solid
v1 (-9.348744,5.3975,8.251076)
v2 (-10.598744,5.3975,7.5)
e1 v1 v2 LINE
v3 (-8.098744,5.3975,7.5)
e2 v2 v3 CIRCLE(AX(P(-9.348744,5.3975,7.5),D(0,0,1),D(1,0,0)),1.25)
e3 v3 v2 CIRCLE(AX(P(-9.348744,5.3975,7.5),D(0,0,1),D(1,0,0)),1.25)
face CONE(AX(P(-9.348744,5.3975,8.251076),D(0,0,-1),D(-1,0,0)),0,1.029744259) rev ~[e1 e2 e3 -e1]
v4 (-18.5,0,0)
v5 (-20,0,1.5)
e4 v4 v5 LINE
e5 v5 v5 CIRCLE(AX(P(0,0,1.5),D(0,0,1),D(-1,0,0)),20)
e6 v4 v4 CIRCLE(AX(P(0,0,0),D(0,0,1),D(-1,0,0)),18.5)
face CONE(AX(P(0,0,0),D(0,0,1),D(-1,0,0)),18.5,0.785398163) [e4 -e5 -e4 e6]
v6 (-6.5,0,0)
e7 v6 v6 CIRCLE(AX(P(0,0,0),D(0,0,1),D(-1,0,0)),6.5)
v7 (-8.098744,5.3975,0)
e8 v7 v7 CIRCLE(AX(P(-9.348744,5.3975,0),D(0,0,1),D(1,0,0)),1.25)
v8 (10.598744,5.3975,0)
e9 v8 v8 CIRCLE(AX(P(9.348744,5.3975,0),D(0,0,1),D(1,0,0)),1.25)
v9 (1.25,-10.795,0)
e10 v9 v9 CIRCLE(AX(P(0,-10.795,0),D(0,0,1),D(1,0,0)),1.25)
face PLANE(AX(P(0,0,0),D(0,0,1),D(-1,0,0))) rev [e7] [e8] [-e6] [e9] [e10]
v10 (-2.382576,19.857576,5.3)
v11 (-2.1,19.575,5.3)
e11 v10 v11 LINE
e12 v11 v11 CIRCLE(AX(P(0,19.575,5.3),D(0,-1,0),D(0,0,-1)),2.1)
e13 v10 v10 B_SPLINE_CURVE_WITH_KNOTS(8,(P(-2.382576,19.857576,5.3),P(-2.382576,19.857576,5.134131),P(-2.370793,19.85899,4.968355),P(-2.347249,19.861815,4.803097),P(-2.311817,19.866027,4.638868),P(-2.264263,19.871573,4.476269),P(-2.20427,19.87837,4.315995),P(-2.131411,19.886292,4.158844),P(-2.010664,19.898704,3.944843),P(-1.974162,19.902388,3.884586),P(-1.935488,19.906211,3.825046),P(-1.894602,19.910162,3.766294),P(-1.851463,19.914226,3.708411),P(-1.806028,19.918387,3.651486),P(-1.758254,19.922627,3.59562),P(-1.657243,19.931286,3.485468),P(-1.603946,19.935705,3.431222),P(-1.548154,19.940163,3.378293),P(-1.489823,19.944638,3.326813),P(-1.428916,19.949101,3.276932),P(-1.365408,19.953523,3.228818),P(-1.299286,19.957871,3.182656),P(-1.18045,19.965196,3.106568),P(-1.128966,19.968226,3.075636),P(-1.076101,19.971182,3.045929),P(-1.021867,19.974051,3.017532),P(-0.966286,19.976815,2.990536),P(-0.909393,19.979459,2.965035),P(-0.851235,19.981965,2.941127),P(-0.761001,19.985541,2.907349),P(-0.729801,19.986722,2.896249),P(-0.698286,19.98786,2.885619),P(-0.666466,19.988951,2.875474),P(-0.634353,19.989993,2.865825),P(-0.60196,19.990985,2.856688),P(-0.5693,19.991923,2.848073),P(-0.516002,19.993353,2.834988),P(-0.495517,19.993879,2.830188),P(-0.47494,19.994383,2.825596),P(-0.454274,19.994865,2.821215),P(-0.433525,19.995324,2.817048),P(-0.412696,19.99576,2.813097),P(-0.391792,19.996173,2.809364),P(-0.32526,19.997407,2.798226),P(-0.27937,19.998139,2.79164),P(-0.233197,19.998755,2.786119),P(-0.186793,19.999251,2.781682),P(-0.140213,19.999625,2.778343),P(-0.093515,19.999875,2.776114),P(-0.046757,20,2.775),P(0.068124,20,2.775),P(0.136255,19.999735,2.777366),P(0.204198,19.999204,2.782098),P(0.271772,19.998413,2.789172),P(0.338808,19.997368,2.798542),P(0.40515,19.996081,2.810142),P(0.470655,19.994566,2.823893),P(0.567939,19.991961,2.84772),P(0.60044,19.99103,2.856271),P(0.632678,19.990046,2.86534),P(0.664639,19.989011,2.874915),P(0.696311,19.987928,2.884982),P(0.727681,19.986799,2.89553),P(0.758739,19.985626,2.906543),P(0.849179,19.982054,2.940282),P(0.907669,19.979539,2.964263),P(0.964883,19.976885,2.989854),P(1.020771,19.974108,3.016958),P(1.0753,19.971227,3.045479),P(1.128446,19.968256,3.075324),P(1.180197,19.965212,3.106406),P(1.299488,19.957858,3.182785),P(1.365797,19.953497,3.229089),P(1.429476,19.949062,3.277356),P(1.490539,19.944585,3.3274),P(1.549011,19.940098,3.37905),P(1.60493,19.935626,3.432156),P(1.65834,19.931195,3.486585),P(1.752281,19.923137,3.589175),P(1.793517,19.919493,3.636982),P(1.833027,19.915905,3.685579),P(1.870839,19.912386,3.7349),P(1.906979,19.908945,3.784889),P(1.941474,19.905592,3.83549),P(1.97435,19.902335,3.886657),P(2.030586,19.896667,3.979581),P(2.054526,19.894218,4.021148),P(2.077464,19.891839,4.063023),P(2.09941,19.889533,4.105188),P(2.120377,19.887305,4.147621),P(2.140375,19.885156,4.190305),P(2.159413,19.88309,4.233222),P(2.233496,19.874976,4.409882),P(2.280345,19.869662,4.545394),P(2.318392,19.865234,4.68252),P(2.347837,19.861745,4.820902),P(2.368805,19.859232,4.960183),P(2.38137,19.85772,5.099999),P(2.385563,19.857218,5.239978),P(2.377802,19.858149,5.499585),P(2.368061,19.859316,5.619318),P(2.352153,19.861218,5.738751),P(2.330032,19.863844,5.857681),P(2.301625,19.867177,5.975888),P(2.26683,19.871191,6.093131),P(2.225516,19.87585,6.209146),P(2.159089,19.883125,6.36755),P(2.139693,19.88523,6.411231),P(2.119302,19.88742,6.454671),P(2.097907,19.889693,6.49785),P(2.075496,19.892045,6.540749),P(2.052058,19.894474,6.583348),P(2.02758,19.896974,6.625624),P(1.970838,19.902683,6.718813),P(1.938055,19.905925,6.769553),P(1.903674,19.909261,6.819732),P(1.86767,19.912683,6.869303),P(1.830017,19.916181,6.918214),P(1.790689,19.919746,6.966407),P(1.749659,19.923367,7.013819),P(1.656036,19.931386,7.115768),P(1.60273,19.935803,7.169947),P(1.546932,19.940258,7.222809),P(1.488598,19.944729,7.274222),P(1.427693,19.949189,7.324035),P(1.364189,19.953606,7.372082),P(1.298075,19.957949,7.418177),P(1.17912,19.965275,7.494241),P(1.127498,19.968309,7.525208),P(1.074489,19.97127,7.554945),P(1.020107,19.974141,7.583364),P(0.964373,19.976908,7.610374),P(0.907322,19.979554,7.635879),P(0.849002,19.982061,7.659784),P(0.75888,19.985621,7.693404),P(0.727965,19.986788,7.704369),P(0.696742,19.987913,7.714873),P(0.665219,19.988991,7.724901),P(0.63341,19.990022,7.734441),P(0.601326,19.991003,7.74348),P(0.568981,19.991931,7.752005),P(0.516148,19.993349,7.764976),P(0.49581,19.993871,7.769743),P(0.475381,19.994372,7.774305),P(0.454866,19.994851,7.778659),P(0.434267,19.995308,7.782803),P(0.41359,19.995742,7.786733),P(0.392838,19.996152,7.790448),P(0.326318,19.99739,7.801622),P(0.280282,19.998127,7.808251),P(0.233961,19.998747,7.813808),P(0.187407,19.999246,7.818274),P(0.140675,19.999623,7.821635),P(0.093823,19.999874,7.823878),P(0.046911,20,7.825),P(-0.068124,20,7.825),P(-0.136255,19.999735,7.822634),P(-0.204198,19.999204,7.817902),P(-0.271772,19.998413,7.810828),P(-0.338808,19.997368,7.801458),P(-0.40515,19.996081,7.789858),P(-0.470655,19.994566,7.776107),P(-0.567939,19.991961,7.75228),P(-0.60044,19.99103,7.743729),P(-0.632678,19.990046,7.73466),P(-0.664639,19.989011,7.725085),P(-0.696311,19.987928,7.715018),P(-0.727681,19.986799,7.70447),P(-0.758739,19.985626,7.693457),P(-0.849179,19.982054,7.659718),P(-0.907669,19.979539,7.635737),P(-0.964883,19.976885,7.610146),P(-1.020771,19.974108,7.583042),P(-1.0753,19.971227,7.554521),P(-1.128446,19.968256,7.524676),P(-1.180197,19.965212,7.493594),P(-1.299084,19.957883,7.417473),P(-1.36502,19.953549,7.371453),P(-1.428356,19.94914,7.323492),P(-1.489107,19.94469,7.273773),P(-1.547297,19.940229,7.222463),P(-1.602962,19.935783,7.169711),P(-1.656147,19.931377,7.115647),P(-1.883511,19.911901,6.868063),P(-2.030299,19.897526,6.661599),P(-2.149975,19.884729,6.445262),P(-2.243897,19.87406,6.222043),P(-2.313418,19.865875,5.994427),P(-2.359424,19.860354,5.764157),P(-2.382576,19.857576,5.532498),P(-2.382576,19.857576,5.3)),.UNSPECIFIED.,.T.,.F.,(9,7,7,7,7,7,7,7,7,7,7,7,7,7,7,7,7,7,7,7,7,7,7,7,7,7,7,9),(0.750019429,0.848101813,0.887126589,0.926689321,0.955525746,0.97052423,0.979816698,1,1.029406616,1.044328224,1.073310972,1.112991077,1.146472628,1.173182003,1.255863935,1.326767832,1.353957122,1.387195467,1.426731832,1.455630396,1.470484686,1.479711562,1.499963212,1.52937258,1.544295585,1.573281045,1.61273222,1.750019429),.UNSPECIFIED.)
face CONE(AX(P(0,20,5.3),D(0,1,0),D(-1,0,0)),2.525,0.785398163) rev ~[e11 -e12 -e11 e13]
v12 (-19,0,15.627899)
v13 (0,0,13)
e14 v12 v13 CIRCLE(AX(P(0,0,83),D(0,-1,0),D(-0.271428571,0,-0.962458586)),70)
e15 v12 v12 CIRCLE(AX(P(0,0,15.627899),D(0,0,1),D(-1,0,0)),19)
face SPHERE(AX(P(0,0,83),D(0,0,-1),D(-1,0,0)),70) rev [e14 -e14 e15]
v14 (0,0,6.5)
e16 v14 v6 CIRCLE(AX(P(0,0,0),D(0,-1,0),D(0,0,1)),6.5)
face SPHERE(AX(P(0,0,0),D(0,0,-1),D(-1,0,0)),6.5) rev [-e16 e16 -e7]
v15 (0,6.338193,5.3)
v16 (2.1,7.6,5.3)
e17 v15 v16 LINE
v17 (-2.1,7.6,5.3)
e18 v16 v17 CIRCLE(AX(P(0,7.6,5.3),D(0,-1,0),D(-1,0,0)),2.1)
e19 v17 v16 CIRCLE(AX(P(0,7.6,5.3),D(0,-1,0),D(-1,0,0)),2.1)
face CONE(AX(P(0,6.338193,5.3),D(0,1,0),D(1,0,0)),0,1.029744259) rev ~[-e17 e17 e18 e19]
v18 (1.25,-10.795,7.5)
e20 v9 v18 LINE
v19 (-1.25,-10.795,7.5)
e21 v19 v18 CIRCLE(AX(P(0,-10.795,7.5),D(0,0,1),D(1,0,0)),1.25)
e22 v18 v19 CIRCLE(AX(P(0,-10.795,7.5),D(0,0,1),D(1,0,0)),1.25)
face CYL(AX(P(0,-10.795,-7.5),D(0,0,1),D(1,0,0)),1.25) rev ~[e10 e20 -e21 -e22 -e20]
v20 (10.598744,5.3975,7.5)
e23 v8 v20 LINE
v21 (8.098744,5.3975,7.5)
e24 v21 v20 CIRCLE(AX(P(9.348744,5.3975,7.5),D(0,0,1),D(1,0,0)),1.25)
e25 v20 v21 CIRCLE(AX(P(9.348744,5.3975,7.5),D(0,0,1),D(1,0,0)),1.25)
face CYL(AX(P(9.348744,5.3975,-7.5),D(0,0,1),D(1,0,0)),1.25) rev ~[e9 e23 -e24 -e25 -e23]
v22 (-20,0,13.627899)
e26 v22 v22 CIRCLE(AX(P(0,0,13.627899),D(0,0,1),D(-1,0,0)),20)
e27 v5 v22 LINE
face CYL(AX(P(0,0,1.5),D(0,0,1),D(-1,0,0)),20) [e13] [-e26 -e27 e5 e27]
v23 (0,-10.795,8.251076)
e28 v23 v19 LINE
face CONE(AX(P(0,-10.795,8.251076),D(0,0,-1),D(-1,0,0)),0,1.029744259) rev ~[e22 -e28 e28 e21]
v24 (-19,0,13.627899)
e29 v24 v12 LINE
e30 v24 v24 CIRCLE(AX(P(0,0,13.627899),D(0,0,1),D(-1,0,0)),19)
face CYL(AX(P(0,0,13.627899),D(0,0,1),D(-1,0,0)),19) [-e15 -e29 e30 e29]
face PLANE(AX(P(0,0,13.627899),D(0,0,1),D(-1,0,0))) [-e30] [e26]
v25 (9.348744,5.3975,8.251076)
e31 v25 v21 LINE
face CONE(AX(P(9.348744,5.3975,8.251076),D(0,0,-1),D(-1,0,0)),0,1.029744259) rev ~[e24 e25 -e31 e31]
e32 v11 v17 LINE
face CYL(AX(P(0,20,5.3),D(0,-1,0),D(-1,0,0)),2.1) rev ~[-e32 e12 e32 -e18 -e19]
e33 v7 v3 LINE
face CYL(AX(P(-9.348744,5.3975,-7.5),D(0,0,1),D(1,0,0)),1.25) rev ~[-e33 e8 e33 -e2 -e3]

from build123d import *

# Parameters (mm, degrees)
M3_TAPPED_HOLE1_D           = 2.5
M3_TAPPED_HOLE1_DEPTH       = 7.5
M3_TAPPED_HOLE1_TIP         = 0.751075774
M5_TAPPED_HOLE1_D           = 4.2
M5_TAPPED_HOLE1_DEPTH       = 12.4
M5_TAPPED_HOLE1_CSINK_D     = 5.05
M5_TAPPED_HOLE1_CSINK_ANGLE = 90
M5_TAPPED_HOLE1_TIP         = 1.2618073


with BuildPart() as part:
    # Sketch1 → Revolve1 (revolve)
    with BuildSketch(Plane(origin=(0, 0, 0), x_dir=(1, 0, 0), z_dir=(0, 1, 0))):
        with BuildLine():
            ThreePointArc((0, -6.5), (-4.596194078, -4.596194078), (-6.5, 0))
            Line((-6.5, 0), (-18.5, 0))
            Line((-18.5, 0), (-20, -1.5))
            Line((-20, -1.5), (-20, -13.627898949))
            Line((-20, -13.627898949), (-19, -13.627898949))
            Line((-19, -13.627898949), (-19, -15.627898949))
            ThreePointArc((-19, -15.627898949), (-9.590436029, -13.660086986), (0, -13))
            Line((0, -13), (0, -6.5))
        make_face()
    revolve(axis=Axis((0, 0, -56.528501867), (0, 0, 1)))

    # M3 Tapped Hole1
    with Locations(Plane(origin=(0, 0, 0), x_dir=(-1, 0, 0), z_dir=(0, 0, -1))):
        with Locations((0, -10.795), (-9.348744234, 5.3975), (9.348744234, 5.3975)):
            Hole(M3_TAPPED_HOLE1_D / 2, depth=M3_TAPPED_HOLE1_DEPTH)
            with Locations((0, 0, -(M3_TAPPED_HOLE1_DEPTH + M3_TAPPED_HOLE1_TIP / 2))):  # 118° drill point
                Cone(0, M3_TAPPED_HOLE1_D / 2, M3_TAPPED_HOLE1_TIP, mode=Mode.SUBTRACT)

    # M5 Tapped Hole1
    with Locations(Plane(origin=(0, 20, 0), x_dir=(1, 0, 0), z_dir=(0, 1, 0))):
        with Locations((0, -5.3)):
            CounterSinkHole(M5_TAPPED_HOLE1_D / 2, M5_TAPPED_HOLE1_CSINK_D / 2, depth=M5_TAPPED_HOLE1_DEPTH, counter_sink_angle=M5_TAPPED_HOLE1_CSINK_ANGLE)
            with Locations((0, 0, -(M5_TAPPED_HOLE1_DEPTH + M5_TAPPED_HOLE1_TIP / 2))):  # 118° drill point
                Cone(0, M5_TAPPED_HOLE1_D / 2, M5_TAPPED_HOLE1_TIP, mode=Mode.SUBTRACT)


solid = part.part
